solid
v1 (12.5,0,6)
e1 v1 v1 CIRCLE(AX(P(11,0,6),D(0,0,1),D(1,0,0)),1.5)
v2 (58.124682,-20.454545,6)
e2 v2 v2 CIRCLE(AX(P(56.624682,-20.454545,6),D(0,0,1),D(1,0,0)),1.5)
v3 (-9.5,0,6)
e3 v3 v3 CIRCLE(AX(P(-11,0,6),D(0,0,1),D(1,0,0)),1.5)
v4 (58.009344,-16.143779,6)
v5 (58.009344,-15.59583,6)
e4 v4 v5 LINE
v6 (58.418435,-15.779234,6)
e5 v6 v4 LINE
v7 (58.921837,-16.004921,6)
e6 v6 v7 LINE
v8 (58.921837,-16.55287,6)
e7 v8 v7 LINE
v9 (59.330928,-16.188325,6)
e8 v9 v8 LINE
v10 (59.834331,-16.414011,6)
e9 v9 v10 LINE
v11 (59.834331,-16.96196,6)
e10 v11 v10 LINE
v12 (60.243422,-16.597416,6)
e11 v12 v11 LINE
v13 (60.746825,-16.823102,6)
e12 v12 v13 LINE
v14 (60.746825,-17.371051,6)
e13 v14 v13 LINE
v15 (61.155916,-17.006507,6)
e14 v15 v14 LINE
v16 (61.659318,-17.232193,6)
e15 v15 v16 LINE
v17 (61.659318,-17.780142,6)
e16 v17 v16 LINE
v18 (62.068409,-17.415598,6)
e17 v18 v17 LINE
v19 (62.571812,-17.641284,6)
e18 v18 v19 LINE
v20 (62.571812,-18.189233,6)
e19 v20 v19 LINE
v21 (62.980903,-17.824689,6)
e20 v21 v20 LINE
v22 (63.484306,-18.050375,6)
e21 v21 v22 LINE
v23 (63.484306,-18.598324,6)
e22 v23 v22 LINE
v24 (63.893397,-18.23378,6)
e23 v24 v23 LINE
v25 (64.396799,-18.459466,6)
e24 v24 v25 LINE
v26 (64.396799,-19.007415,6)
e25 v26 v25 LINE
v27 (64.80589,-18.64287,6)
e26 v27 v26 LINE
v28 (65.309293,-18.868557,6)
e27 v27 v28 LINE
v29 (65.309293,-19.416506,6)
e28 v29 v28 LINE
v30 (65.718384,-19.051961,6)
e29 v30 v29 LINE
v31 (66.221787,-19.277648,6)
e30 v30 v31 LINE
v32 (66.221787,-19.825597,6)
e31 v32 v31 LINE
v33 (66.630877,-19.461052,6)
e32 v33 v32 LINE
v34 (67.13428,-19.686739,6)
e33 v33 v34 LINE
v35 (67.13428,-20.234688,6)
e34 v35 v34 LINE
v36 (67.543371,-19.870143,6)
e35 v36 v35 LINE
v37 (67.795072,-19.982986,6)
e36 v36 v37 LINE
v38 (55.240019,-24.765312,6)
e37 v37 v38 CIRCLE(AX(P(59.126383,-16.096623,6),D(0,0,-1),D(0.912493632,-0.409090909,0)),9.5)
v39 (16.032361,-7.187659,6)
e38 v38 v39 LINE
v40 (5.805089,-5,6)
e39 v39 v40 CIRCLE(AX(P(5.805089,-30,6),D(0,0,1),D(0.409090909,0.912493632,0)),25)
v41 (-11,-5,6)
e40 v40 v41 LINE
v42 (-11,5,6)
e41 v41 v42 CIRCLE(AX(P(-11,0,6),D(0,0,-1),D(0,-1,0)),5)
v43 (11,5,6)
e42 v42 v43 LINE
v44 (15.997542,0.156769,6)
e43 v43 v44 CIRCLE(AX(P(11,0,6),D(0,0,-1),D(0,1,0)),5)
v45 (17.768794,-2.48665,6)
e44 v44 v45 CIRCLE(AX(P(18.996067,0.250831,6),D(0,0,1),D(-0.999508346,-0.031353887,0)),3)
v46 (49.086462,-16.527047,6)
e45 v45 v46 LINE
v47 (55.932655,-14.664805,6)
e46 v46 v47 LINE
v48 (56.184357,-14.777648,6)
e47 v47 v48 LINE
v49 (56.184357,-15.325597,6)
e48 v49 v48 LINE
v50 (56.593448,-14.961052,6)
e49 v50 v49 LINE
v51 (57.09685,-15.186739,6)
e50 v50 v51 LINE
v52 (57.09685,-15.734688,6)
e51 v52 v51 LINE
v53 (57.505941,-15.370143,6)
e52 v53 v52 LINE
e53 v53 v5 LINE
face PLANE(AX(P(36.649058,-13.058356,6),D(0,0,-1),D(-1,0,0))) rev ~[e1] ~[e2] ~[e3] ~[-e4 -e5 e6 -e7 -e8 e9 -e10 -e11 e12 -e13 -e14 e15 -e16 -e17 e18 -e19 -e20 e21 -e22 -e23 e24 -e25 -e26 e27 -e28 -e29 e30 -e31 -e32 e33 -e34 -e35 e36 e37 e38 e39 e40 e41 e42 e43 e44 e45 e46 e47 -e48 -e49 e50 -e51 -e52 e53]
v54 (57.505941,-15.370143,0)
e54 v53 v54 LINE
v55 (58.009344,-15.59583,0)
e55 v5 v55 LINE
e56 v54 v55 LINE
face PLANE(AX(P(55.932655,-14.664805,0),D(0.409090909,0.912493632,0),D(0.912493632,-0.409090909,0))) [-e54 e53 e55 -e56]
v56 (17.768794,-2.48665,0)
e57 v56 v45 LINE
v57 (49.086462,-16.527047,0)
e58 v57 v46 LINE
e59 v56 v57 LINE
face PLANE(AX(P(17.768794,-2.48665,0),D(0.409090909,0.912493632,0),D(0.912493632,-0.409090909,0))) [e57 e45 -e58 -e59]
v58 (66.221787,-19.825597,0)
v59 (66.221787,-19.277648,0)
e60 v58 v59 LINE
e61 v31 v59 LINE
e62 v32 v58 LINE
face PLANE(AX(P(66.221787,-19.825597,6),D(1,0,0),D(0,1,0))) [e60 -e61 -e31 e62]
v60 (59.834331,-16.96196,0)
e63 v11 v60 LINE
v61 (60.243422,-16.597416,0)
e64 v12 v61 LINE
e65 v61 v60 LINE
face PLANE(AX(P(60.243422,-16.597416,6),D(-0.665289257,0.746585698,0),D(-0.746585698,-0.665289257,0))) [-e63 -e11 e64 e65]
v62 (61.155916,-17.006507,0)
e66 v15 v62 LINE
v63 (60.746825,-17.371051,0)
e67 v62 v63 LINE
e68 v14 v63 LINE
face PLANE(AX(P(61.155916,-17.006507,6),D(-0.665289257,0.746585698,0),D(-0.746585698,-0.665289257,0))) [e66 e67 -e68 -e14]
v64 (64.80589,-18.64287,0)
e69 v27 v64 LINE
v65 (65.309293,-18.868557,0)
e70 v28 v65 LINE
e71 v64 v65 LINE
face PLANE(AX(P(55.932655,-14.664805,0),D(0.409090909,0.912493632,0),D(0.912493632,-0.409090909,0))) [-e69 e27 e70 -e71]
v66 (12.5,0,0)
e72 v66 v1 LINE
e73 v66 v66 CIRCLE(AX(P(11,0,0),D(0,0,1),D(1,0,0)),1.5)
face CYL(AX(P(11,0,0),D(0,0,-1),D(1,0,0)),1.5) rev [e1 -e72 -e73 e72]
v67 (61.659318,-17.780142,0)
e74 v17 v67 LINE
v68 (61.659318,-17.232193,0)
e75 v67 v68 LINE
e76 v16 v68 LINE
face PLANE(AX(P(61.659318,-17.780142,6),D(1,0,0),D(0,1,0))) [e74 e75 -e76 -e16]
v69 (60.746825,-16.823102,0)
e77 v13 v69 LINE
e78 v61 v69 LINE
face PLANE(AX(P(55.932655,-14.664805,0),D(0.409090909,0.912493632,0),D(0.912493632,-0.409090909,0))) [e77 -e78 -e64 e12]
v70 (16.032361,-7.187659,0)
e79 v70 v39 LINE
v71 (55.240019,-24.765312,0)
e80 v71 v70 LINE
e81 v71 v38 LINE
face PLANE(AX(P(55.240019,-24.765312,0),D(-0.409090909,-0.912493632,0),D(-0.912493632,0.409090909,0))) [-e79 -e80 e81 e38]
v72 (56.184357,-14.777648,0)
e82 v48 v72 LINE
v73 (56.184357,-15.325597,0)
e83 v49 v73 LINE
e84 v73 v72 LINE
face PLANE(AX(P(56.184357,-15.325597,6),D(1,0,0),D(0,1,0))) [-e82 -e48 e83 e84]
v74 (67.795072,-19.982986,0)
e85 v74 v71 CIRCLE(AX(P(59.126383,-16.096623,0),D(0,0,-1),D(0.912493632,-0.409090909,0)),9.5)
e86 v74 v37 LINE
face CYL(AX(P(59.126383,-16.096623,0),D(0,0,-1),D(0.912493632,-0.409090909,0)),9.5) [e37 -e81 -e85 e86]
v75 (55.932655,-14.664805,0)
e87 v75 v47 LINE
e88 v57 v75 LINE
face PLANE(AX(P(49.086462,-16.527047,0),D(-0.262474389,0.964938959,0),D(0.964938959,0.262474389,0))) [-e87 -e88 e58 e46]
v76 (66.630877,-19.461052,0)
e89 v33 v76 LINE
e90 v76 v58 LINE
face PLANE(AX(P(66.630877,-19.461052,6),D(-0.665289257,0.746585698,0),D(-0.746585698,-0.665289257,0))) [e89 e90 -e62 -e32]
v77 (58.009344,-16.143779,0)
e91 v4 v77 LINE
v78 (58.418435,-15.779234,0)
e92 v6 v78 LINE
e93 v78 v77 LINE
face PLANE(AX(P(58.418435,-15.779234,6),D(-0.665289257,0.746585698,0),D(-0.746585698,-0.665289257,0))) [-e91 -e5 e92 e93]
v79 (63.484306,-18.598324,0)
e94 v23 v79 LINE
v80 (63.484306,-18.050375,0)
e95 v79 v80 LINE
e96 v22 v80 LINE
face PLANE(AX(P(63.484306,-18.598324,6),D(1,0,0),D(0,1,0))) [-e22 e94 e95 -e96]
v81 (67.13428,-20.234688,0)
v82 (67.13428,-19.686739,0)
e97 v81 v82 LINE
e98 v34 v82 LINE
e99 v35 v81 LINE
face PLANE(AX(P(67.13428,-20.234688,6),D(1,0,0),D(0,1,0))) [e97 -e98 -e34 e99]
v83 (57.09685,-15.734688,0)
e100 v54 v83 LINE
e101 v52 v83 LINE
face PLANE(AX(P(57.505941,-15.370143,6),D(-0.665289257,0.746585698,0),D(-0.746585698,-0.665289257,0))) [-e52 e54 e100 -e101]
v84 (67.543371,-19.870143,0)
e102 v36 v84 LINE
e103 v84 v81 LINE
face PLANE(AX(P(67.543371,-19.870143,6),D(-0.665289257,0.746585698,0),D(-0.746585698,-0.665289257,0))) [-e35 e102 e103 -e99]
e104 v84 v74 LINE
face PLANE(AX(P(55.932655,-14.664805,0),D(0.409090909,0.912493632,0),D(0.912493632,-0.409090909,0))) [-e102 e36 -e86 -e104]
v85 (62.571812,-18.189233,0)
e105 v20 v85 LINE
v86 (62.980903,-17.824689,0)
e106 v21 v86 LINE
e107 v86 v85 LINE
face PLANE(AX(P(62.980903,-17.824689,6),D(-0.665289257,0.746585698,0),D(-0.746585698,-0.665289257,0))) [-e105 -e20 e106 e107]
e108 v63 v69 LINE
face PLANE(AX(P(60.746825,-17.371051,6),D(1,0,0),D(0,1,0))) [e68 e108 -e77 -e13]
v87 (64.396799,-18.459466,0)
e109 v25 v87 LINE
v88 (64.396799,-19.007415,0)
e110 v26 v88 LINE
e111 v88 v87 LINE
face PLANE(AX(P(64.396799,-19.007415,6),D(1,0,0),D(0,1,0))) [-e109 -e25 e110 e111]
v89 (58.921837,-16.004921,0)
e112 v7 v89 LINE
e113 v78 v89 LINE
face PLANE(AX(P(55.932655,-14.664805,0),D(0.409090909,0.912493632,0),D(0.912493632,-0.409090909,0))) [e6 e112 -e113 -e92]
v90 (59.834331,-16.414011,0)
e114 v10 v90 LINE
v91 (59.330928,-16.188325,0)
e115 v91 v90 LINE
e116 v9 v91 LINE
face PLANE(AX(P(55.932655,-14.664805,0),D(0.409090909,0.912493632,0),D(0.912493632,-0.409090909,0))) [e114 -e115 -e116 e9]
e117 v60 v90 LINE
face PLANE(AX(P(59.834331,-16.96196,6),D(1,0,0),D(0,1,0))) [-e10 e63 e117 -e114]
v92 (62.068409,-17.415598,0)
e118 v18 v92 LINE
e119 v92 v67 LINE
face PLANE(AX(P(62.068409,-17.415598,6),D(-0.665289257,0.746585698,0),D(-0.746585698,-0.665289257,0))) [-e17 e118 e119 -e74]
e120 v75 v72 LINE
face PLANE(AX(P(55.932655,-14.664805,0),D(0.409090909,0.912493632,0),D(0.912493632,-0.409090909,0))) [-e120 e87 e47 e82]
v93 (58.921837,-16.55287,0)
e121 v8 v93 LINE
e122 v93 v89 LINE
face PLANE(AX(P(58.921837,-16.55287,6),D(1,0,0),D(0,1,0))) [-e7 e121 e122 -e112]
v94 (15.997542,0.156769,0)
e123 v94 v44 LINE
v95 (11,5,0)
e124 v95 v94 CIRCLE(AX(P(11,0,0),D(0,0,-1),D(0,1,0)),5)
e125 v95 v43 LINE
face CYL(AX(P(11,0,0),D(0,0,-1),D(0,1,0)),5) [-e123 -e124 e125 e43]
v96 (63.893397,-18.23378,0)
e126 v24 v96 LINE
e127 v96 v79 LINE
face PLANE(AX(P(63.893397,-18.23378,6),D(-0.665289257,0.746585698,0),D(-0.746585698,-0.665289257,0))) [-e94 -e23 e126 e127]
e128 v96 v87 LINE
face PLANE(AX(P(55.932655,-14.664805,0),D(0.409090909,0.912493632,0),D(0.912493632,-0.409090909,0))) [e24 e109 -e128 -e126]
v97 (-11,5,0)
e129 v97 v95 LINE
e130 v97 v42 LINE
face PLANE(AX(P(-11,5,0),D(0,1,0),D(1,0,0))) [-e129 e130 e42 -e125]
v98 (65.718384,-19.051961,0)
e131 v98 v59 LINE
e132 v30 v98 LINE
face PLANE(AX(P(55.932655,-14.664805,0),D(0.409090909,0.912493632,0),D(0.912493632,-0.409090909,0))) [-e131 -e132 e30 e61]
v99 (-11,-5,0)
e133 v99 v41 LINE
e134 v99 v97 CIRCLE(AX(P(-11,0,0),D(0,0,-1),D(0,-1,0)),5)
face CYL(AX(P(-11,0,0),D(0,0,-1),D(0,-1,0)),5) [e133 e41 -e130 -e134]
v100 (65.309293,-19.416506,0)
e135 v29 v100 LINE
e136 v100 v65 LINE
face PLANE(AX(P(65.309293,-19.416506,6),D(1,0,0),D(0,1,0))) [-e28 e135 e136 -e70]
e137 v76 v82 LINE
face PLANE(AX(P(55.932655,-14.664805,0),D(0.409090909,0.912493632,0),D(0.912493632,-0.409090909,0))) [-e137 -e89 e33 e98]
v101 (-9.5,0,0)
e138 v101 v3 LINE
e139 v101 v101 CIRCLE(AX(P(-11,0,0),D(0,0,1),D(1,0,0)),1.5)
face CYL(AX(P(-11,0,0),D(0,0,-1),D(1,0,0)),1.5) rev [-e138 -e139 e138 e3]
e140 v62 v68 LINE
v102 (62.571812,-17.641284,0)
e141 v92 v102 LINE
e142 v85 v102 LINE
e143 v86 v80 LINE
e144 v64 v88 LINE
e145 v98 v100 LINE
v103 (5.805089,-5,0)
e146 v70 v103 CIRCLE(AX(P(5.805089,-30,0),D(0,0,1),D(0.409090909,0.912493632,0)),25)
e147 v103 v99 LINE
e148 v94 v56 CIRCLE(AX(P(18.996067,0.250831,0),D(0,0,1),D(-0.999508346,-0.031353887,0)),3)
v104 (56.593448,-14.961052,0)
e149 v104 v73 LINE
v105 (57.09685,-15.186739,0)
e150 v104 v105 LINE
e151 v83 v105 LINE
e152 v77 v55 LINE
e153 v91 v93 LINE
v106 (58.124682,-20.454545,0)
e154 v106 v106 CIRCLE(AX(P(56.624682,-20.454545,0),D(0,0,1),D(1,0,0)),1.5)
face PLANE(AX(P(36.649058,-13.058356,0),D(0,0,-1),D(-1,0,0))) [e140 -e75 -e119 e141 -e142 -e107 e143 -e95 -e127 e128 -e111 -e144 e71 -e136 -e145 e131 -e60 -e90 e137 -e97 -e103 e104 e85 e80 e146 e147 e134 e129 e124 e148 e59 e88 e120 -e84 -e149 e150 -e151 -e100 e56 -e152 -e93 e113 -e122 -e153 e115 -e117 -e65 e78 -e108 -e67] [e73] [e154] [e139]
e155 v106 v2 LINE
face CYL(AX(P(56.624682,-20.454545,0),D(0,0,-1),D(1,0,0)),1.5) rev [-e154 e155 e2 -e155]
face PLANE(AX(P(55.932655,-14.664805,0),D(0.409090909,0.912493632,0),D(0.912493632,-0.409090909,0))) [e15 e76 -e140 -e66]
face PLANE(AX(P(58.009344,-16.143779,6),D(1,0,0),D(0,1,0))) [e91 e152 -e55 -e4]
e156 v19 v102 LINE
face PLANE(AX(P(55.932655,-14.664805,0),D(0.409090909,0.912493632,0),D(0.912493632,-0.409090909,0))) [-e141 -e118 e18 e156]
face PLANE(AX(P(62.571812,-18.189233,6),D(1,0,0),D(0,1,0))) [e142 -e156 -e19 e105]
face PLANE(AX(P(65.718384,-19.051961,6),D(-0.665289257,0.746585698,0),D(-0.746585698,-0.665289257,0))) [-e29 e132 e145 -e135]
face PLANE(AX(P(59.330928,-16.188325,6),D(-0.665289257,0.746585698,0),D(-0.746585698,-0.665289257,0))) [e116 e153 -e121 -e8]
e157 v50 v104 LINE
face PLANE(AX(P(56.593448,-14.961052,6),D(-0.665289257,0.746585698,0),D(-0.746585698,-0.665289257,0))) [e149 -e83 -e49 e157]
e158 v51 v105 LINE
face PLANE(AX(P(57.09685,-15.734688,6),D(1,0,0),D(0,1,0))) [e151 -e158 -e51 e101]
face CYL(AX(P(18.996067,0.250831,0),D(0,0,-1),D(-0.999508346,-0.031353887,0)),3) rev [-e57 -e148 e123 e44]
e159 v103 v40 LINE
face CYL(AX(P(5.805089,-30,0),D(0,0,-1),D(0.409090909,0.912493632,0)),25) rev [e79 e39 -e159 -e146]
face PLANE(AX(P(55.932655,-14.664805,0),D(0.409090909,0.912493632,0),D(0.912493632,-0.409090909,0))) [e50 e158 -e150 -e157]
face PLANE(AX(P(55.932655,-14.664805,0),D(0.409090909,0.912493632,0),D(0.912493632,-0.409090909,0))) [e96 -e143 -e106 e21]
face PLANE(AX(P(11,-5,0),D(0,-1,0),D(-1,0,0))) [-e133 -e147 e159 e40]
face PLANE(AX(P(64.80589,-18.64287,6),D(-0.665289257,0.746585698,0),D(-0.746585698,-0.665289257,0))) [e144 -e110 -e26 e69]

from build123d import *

# Parameters (mm, degrees)
SKETCH_1_R             = 1.5
EXTRUDE_1_DEPTH        = 6
EXTRUDE_START          = -6
SKETCH_2_R             = 1.5
EXTRUDE_2_DEPTH        = 6
CUT_EXTRUDE_1_DEPTH    = 6
PATTERN_LINEAR_1_COUNT = 13
PATTERN_LINEAR_1_PITCH = 1


with BuildPart() as part:
    # 草图1 → 凸台-拉伸1 (new body)
    with BuildSketch(Plane.XY):
        with BuildLine():
            Line((-11, 5), (11, 5))
            ThreePointArc((11, 5), (16, 0), (11, -5))
            Line((11, -5), (-11, -5))
            ThreePointArc((-11, -5), (-16, 0), (-11, 5))
        make_face()
        with Locations((-11, 0)):
            Circle(SKETCH_1_R, mode=Mode.SUBTRACT)
        with Locations((11, 0)):
            Circle(SKETCH_1_R, mode=Mode.SUBTRACT)
    extrude(amount=EXTRUDE_1_DEPTH)

    # 草图2 → 凸台-拉伸2 (add)
    with BuildSketch(Plane.XY.offset(6).offset(EXTRUDE_START)):
        with BuildLine():
            Line((17.768794041, -2.486649801), (49.086461827, -16.527047167))
            Line((49.086461827, -16.527047167), (55.932655241, -14.664804568))
            Line((55.932655241, -14.664804568), (67.795072454, -19.982986386))
            ThreePointArc((67.795072454, -19.982986386), (62.507998002, -24.974385962), (55.240019316, -24.765312252))
            Line((55.240019316, -24.765312252), (16.032361282, -7.187659205))
            ThreePointArc((16.032361282, -7.187659205), (11.034404004, -5.553031682), (5.805088555, -5))
            Line((5.805088555, -5), (11, -5))
            ThreePointArc((11, -5), (14.590532493, -3.479666135), (15.99754173, 0.156769434))
            ThreePointArc((15.99754173, 0.156769434), (16.503827213, -1.419121599), (17.768794041, -2.486649801))
        make_face()
        with Locations((56.624681591, -20.454545455)):
            Circle(SKETCH_2_R, mode=Mode.SUBTRACT)
    extrude(amount=EXTRUDE_2_DEPTH)

    # 草图3 → 切除-拉伸1 (cut)
    with BuildSketch(Plane.XY.offset(6)):
        Polygon((67.543371093, -19.870143145), (67.134280184, -20.234687748), (67.134280184, -19.686738718), align=None)
    cut_extrude_1 = extrude(amount=-CUT_EXTRUDE_1_DEPTH, mode=Mode.SUBTRACT)

    # 阵列(线性)1: 切除-拉伸1 ×13
    with Locations(*[Vector(-0.9124936318129441, 0.40909090909090523, 0) * (i * PATTERN_LINEAR_1_PITCH) for i in range(1, PATTERN_LINEAR_1_COUNT)]):
        add(cut_extrude_1, mode=Mode.SUBTRACT)


solid = part.part
